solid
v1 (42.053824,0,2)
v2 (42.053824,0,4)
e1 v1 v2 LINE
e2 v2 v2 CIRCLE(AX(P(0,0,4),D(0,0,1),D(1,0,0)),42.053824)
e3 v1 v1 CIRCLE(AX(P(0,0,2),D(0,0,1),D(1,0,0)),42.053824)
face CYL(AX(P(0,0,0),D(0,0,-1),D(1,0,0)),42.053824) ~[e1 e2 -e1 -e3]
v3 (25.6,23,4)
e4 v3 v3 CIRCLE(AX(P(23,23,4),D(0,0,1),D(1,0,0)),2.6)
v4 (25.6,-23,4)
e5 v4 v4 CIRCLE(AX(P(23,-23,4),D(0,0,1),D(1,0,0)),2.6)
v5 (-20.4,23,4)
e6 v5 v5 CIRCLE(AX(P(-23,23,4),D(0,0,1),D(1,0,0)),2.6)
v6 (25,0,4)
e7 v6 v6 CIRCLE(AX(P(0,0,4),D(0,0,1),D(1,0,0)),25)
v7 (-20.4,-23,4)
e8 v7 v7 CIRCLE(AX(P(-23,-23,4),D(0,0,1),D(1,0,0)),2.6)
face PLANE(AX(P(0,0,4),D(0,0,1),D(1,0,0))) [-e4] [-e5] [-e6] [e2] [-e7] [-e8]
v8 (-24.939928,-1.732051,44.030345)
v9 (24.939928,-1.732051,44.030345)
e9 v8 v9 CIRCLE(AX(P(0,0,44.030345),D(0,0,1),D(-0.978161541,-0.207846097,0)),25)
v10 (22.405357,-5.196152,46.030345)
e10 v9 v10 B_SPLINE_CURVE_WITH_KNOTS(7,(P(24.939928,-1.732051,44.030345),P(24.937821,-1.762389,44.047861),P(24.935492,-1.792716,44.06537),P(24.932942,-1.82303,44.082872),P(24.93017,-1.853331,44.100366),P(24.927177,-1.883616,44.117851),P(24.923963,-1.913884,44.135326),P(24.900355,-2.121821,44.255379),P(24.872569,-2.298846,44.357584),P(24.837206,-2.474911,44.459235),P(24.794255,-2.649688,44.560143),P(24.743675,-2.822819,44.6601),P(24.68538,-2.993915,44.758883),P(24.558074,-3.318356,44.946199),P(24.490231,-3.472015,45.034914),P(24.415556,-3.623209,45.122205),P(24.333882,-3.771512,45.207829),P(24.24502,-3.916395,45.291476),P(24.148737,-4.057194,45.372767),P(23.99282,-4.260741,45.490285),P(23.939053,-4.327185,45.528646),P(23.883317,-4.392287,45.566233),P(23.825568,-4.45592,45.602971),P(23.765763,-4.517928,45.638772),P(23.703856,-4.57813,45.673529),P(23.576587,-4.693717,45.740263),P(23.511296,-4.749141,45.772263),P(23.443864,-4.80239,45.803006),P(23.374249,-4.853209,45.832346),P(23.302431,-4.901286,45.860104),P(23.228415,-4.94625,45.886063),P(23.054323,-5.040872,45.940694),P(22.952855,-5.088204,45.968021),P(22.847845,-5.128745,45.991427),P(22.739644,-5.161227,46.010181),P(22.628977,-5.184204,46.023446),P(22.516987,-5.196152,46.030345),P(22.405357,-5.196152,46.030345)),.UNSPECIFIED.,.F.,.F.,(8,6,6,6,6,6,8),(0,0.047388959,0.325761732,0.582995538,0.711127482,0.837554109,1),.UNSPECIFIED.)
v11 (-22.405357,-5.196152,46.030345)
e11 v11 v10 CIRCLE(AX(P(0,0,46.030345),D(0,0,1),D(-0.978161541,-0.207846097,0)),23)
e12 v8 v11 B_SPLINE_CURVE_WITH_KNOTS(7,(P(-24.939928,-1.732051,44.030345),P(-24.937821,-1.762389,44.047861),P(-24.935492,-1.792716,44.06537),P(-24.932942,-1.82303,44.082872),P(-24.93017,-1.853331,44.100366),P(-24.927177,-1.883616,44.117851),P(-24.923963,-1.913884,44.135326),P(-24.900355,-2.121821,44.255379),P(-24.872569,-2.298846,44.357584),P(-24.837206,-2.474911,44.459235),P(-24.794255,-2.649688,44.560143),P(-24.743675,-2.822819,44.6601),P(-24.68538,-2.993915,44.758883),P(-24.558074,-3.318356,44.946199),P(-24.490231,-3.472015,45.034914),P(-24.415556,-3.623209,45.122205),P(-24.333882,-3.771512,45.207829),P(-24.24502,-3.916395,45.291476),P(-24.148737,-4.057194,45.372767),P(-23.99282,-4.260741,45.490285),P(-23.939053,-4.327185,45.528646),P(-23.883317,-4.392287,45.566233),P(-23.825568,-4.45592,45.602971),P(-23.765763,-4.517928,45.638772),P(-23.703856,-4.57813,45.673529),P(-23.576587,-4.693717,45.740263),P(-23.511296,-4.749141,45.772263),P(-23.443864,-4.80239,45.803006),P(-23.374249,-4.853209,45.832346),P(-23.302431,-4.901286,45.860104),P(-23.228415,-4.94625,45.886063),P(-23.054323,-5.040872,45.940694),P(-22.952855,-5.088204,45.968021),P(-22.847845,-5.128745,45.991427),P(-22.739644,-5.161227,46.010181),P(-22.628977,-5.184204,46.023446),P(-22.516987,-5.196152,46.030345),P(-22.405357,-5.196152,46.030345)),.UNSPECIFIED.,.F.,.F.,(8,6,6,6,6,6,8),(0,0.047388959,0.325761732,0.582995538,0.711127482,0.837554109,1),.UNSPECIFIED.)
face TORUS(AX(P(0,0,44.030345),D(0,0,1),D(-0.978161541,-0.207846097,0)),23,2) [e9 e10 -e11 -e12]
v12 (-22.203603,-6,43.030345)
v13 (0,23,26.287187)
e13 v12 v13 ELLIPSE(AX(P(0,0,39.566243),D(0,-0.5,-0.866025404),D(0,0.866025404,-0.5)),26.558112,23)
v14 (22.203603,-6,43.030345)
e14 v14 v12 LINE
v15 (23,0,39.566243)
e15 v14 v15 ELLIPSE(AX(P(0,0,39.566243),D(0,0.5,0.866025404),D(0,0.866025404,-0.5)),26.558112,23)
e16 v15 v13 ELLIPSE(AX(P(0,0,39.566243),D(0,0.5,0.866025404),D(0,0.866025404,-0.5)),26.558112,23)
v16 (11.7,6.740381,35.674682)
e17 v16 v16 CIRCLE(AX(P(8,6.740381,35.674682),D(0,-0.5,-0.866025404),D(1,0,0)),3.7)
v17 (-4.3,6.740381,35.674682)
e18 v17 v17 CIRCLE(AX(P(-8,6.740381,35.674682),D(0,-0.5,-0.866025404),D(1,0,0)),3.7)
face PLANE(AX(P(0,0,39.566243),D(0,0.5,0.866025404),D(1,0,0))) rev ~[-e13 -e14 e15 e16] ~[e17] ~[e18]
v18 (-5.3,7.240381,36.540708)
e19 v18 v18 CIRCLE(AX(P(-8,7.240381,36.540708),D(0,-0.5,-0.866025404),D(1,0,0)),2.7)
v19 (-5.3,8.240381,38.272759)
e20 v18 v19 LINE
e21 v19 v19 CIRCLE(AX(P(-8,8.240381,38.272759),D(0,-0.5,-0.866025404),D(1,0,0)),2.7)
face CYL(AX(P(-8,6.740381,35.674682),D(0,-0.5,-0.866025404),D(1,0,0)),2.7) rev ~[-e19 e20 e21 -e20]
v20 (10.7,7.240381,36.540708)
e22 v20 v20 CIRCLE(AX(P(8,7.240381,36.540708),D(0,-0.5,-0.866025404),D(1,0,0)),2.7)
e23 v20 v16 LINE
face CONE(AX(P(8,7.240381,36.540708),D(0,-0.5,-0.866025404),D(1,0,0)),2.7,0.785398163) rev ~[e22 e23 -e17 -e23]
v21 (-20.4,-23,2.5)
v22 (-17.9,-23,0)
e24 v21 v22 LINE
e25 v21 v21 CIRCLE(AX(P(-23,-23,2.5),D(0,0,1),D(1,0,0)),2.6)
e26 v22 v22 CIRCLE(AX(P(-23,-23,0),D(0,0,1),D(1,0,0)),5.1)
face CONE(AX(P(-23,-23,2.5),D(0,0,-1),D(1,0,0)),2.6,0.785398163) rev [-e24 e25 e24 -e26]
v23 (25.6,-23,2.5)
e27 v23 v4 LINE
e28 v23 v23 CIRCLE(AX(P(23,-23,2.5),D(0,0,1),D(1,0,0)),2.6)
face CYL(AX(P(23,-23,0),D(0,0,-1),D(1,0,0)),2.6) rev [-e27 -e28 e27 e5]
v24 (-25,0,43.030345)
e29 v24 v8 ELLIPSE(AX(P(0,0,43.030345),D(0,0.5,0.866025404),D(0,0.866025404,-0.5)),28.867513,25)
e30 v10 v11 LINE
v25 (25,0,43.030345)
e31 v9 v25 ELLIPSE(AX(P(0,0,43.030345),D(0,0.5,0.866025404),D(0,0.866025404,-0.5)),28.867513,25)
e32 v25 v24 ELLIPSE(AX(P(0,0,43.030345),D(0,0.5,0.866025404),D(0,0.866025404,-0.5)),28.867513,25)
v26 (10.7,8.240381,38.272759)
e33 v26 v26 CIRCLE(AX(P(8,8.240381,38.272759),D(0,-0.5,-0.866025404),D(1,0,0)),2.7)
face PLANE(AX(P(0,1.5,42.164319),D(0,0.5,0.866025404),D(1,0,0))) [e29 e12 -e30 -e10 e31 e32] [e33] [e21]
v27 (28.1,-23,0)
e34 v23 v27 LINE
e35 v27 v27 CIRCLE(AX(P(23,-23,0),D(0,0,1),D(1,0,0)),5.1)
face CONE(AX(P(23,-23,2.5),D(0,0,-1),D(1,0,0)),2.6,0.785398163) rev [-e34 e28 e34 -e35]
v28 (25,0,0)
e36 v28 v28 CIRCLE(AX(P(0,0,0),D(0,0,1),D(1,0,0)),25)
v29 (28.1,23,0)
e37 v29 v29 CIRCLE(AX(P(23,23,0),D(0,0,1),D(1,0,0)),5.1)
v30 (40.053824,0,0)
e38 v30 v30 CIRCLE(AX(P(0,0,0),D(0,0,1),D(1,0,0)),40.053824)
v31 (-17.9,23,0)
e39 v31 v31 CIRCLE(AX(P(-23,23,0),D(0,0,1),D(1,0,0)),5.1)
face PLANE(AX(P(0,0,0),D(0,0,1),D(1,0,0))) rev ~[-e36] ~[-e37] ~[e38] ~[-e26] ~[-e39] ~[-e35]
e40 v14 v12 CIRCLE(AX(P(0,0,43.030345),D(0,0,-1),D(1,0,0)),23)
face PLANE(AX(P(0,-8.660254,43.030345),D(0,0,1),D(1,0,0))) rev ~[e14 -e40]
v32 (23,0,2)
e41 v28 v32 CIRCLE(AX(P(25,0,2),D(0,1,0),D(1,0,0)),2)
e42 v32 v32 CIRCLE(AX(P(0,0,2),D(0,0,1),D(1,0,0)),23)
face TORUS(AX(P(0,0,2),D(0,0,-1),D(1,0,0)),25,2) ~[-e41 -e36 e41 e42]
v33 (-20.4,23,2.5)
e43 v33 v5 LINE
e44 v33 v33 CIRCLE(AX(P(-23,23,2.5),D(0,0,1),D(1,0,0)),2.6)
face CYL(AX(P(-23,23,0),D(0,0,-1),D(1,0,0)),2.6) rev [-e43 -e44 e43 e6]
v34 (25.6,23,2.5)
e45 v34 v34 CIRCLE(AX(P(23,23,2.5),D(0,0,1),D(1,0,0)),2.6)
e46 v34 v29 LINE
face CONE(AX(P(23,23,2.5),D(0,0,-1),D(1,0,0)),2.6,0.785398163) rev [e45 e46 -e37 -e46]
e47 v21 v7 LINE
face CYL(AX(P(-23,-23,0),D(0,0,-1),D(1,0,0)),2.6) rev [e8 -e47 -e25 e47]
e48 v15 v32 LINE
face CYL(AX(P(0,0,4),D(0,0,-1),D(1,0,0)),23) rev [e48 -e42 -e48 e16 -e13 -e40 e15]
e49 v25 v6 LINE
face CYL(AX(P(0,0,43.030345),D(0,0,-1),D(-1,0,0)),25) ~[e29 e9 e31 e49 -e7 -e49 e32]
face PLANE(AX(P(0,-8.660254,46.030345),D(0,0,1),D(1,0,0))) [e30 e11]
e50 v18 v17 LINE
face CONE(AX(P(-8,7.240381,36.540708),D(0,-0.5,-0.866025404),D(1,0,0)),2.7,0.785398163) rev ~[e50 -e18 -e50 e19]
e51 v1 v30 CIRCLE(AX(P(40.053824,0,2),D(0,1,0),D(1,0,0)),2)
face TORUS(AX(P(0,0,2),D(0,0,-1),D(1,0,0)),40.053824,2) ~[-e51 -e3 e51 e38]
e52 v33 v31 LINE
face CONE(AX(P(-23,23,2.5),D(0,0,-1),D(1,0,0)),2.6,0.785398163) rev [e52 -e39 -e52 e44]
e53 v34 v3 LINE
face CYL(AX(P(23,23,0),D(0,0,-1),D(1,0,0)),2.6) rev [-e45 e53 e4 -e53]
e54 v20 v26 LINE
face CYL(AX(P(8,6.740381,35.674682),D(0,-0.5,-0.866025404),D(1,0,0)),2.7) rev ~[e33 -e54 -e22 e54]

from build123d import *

# Parameters (mm, degrees)
SKETCH_R          = 42.0538238692
SKETCH_R_2        = 23
SKETCH_R_3        = 2.6
PAD_DEPTH         = 4
SKETCH001_R       = 25
SKETCH001_R_2     = 23
PAD001_DEPTH      = 50
POCKET_DEPTH      = 25
POCKET_DEPTH_BACK = 25
SKETCH003_R       = 31
PAD002_DEPTH      = 3
SKETCH004_R       = 42.0538238692
SKETCH004_R_2     = 25
POCKET001_DEPTH   = 55
SKETCH005_R       = 2.7
POCKET002_DEPTH   = 5
SKETCH006_W       = 30
SKETCH006_H       = 20
POCKET003_DEPTH   = 25.5
PAD003_DEPTH      = 3
SKETCH008_W       = 50
SKETCH008_H       = 10
POCKET004_DEPTH   = 7
FILLET_R          = 2
CHAMFER_SIZE      = 1
CHAMFER001_SIZE   = 2.5


with BuildPart() as part:
    # Sketch → Pad (new body)
    with BuildSketch(Plane.XY):
        Circle(SKETCH_R)
        Circle(SKETCH_R_2, mode=Mode.SUBTRACT)
        with Locations((-23, 23)):
            Circle(SKETCH_R_3, mode=Mode.SUBTRACT)
        with Locations((23, 23)):
            Circle(SKETCH_R_3, mode=Mode.SUBTRACT)
        with Locations((23, -23)):
            Circle(SKETCH_R_3, mode=Mode.SUBTRACT)
        with Locations((-23, -23)):
            Circle(SKETCH_R_3, mode=Mode.SUBTRACT)
    extrude(amount=PAD_DEPTH)

    # Sketch001 (on Face8 of Pad) → Pad001 (join)
    with BuildSketch(Plane.XY.offset(4)):
        Circle(SKETCH001_R)
        Circle(SKETCH001_R_2, mode=Mode.SUBTRACT)
    extrude(amount=PAD001_DEPTH)

    # Sketch002 → Pocket (cut, two sides)
    with BuildSketch(Plane.YZ) as pocket_sk:
        Polygon((-25, 54), (25, 25.1324865414), (25, 54), align=None)
    extrude(amount=-POCKET_DEPTH, mode=Mode.SUBTRACT)
    extrude(pocket_sk.sketch, amount=POCKET_DEPTH_BACK, mode=Mode.SUBTRACT)

    # Sketch003 (on Face11 of Pocket) → Pad002 (join)
    with BuildSketch(Plane(origin=(0, 17.1326859021, 29.6746824535), x_dir=(1, 0, 0), z_dir=(0, 0.5, 0.8660254038))):
        with Locations((0, -19.7831216349)):
            Circle(SKETCH003_R)
    extrude(amount=PAD002_DEPTH)

    # Sketch004 (on Face5 of Pad002) → Pocket001 (cut)
    with BuildSketch(Plane.XY.offset(4)):
        Circle(SKETCH004_R)
        Circle(SKETCH004_R_2, mode=Mode.SUBTRACT)
    extrude(amount=POCKET001_DEPTH, mode=Mode.SUBTRACT)

    # Sketch005 (on Face13 of Pocket001) → Pocket002 (cut)
    with BuildSketch(Plane(origin=(0, 17.1326859021, 29.6746824535), x_dir=(1, 0, 0), z_dir=(0, -0.5, -0.8660254038))):
        with Locations((-8, 12)):
            Circle(SKETCH005_R)
        with Locations((8, 12)):
            Circle(SKETCH005_R)
    extrude(amount=-POCKET002_DEPTH, mode=Mode.SUBTRACT)

    # Sketch006 → Pocket003 (cut, symmetric)
    with BuildSketch(Plane.YZ):
        with Locations((-15, 53.0303448858)):
            Rectangle(SKETCH006_W, SKETCH006_H)
    extrude(amount=POCKET003_DEPTH, both=True, mode=Mode.SUBTRACT)

    # Sketch007 (on Face4 of Pocket003) → Pad003 (join)
    with BuildSketch(Plane.XY.offset(43.0303448858)):
        with BuildLine():
            ThreePointArc((-25, 0), (0, -25), (25, 0))
            Line((-25, 0), (25, 0))
        make_face()
    extrude(amount=PAD003_DEPTH)

    # Sketch008 (on Face13 of Pad003) → Pocket004 (cut)
    with BuildSketch(Plane(origin=(0, 18.6326859021, 32.2727586649), x_dir=(1, 0, 0), z_dir=(0, 0.5, 0.8660254038))):
        with Locations((0, -26.5151724424)):
            Rectangle(SKETCH008_W, SKETCH008_H)
    extrude(amount=POCKET004_DEPTH, mode=Mode.SUBTRACT)

    # Fillet
    fillet_edges = [part.edges().sort_by_distance(p)[0] for p in [
        (-23, 0, 0),
        (-42.053824, 0, 0),
        (0, -25, 46.030345),
    ]]
    fillet(fillet_edges, radius=FILLET_R)

    # Chamfer
    chamfer_edges = [part.edges().sort_by_distance(p)[0] for p in [
        (5.3, 6.740381, 35.674682),
        (-10.7, 6.740381, 35.674682),
    ]]
    chamfer(chamfer_edges, length=CHAMFER_SIZE)

    # Chamfer001
    chamfer001_edges = [part.edges().sort_by_distance(p)[0] for p in [
        (20.4, -23, 0),
        (20.4, 23, 0),
        (-25.6, 23, 0),
        (-25.6, -23, 0),
    ]]
    chamfer(chamfer001_edges, length=CHAMFER001_SIZE)


solid = part.part
